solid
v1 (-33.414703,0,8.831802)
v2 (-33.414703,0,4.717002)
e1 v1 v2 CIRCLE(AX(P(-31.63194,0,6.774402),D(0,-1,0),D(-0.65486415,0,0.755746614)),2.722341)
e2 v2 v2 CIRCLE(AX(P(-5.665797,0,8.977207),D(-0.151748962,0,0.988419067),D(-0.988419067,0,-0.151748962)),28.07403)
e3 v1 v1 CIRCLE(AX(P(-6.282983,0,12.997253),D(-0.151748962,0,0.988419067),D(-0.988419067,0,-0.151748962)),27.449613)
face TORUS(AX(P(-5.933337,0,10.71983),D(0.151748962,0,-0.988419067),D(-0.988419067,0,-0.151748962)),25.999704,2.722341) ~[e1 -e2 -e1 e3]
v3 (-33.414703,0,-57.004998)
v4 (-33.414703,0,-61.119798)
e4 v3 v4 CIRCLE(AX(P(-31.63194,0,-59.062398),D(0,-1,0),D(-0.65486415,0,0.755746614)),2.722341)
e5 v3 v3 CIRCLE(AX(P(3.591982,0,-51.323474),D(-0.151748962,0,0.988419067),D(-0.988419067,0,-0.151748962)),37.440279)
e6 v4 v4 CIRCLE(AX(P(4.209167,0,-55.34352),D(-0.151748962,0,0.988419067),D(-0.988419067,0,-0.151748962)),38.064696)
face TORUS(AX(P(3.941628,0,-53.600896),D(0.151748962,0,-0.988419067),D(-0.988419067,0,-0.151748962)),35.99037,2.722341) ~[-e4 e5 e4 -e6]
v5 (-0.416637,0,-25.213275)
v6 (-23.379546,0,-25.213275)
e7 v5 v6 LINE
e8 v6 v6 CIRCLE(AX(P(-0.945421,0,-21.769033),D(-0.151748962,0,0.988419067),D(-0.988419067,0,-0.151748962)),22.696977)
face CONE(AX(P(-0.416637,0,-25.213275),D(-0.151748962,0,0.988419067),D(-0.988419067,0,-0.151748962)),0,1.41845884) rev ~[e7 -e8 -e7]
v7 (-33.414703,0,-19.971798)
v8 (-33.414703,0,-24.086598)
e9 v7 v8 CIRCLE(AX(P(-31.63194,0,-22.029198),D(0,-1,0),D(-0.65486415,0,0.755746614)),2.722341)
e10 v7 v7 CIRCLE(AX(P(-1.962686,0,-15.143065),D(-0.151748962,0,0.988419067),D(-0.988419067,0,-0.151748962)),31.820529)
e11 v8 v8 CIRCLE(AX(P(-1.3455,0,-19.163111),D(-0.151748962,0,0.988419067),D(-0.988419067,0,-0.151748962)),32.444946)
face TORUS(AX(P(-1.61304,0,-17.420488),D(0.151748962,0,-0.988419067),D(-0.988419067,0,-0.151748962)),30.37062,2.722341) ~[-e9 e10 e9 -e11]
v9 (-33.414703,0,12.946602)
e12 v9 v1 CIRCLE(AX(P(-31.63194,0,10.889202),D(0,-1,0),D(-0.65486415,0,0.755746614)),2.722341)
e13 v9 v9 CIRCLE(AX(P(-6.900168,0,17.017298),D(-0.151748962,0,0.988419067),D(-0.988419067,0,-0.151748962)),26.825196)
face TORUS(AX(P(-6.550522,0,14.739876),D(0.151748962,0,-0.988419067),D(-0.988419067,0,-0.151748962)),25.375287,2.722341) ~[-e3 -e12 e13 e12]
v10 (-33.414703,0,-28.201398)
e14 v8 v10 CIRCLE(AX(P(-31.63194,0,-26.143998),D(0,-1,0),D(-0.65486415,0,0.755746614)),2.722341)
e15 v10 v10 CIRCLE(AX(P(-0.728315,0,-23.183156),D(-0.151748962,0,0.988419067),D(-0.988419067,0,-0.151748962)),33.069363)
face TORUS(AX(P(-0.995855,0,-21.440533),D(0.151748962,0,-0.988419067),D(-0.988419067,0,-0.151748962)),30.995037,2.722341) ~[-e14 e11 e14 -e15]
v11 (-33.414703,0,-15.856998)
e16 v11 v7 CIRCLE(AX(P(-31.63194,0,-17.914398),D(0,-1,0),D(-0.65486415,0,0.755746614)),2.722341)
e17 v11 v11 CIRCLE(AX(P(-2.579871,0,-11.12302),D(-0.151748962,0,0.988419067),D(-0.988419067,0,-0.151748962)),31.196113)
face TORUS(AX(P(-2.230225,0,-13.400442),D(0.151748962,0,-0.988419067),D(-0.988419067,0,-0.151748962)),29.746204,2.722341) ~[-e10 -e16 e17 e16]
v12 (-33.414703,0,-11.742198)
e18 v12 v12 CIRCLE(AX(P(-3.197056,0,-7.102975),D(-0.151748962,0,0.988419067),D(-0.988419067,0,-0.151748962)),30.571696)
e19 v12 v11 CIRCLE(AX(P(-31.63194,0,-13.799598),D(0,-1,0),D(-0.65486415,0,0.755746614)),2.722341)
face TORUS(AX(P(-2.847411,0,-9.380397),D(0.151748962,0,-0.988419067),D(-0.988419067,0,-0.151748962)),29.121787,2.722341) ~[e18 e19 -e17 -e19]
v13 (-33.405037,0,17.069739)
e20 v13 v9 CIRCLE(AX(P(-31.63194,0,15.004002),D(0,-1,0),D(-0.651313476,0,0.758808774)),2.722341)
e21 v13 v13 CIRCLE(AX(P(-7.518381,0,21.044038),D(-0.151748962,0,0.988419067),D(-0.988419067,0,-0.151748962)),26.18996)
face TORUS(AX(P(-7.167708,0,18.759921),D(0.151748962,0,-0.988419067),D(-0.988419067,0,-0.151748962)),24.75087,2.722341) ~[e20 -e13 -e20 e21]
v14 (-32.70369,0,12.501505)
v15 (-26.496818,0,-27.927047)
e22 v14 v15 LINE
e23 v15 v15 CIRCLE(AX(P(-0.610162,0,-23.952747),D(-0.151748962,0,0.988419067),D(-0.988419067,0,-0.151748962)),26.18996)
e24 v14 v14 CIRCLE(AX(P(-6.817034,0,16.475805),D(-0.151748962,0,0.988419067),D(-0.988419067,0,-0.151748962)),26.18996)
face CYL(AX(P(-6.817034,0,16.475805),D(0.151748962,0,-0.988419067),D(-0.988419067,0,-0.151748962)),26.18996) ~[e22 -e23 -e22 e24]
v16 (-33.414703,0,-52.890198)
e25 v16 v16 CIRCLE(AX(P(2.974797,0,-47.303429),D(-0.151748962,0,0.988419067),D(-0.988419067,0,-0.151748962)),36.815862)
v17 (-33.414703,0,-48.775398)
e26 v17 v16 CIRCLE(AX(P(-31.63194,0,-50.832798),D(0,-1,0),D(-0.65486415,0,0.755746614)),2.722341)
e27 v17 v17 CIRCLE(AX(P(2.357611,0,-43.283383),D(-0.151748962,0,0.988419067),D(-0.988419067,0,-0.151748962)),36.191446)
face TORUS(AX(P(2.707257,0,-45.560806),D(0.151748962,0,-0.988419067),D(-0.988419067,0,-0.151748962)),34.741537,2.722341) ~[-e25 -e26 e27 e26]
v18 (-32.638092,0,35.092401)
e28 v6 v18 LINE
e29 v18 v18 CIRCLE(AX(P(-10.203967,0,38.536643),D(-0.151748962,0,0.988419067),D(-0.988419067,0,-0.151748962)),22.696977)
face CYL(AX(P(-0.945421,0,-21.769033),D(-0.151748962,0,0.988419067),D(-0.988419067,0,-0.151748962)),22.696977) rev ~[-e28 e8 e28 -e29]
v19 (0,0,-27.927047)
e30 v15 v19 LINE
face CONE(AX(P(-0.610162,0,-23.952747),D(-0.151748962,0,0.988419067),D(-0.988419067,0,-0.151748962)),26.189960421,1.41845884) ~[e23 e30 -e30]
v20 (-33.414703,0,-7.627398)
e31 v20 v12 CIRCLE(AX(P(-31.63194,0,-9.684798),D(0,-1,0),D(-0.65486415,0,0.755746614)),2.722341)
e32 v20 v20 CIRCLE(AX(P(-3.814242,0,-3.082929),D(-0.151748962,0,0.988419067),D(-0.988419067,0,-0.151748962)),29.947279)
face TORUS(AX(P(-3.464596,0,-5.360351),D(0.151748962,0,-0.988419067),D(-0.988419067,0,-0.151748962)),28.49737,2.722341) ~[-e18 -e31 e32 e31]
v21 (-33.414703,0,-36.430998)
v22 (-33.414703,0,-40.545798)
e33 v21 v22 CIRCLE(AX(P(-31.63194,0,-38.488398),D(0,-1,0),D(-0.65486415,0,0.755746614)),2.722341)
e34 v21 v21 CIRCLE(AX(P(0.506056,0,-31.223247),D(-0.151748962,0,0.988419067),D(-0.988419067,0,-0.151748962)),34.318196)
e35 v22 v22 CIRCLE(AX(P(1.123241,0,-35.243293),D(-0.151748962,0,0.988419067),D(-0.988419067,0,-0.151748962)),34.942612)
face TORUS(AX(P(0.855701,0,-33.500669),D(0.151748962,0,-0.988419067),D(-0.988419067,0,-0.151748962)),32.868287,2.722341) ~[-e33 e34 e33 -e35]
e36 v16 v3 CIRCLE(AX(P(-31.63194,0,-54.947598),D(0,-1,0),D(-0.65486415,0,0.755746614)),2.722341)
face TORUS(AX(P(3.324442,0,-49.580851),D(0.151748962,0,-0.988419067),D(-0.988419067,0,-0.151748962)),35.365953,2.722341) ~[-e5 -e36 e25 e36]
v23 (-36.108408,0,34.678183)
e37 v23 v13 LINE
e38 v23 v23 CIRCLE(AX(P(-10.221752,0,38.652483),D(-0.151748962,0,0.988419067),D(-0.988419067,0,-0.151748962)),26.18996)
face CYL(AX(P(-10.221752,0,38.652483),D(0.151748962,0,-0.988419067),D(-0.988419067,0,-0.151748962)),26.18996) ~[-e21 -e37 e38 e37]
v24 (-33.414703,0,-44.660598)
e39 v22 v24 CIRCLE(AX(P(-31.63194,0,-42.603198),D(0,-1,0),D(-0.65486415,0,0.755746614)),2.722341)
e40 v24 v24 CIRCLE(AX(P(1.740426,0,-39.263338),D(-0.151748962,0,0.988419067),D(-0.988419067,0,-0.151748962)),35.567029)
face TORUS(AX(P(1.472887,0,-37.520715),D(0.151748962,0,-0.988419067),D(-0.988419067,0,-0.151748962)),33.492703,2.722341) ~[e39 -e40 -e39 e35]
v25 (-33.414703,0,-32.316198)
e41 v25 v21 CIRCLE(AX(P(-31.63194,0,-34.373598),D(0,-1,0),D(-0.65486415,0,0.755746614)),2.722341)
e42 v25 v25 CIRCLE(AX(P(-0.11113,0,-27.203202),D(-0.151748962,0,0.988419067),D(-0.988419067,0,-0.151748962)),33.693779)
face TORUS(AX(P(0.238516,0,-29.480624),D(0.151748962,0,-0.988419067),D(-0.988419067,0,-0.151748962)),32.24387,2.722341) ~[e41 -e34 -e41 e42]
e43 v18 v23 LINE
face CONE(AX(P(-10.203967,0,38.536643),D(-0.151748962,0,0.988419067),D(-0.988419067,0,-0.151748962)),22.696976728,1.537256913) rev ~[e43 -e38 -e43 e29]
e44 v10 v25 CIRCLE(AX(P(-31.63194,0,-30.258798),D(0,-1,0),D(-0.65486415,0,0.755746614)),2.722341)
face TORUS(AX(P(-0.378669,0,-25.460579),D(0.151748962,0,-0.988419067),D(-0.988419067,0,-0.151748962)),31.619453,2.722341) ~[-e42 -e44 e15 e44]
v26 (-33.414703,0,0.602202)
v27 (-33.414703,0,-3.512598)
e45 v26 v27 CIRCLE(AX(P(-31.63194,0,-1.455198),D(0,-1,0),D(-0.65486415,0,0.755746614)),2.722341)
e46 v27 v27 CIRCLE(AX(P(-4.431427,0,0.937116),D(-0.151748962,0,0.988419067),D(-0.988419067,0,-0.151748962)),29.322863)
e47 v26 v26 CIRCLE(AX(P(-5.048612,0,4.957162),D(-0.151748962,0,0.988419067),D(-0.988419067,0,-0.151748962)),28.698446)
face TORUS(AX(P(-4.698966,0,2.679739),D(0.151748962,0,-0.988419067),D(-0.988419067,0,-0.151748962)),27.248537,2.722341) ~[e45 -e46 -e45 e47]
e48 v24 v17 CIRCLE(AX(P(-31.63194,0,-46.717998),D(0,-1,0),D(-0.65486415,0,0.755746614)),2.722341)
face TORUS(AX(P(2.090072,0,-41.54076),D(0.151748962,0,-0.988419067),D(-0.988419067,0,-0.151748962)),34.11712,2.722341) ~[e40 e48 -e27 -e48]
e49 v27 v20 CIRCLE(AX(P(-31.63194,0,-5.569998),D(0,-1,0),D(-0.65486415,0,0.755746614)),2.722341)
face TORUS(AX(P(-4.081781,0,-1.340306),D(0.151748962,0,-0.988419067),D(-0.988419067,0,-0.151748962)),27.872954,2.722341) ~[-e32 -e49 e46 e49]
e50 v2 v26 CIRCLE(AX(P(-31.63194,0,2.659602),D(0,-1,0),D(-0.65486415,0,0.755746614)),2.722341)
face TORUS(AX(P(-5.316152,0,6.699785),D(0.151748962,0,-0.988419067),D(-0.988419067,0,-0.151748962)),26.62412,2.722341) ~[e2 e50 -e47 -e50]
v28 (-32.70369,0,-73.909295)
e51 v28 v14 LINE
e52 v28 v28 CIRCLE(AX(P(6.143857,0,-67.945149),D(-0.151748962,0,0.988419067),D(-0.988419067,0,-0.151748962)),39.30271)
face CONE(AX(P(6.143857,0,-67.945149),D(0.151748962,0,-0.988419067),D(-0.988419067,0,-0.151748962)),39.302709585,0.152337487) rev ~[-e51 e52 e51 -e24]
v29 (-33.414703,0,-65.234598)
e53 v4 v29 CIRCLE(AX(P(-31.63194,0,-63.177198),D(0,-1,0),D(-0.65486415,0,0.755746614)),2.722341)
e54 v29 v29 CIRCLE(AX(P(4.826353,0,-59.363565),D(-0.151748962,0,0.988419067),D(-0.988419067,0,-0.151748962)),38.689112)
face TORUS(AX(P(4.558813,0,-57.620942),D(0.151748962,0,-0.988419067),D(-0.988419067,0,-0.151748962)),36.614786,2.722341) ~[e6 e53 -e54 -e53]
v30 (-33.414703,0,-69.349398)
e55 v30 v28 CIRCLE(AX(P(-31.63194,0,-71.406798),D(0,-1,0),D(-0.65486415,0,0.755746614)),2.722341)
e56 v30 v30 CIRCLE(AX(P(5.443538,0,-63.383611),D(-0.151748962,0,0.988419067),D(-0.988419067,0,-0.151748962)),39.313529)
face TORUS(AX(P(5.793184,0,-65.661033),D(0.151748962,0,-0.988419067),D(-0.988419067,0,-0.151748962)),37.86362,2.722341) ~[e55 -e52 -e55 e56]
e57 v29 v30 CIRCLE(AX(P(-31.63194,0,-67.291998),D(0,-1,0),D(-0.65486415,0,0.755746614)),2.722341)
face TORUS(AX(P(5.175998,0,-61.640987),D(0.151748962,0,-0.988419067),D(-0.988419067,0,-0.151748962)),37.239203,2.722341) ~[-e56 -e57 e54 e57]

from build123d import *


with BuildPart() as f1:
    # F0 (on Front) → F1 (revolve)
    with BuildSketch(Plane.XZ):
        with BuildLine():
            ThreePointArc((-33.414703477, 12.9466022847), (-33.0764434586, 12.696503602), (-32.7036904204, 12.5015052336))
            Line((-32.7036904204, 12.5015052336), (-33.4050373304, 17.0697385294))
            ThreePointArc((-33.4050373304, 17.0697385294), (-34.3542734731, 15.0103844349), (-33.414703477, 12.9466022847))
        make_face()
        with BuildLine():
            Line((-32.7036904204, 8.3867052336), (-32.7036904204, 12.5015052336))
            ThreePointArc((-32.7036904204, 12.5015052336), (-33.0764434586, 12.696503602), (-33.414703477, 12.9466022847))
            ThreePointArc((-33.414703477, 12.9466022847), (-34.3542809541, 10.8892022847), (-33.414703477, 8.8318022847))
            ThreePointArc((-33.414703477, 8.8318022847), (-33.0764434586, 8.581703602), (-32.7036904204, 8.3867052336))
        make_face()
        with BuildLine():
            Line((-32.7036904204, 4.2719052336), (-32.7036904204, 8.3867052336))
            ThreePointArc((-32.7036904204, 8.3867052336), (-33.0764434586, 8.581703602), (-33.414703477, 8.8318022847))
            ThreePointArc((-33.414703477, 8.8318022847), (-34.3542809541, 6.7744022847), (-33.414703477, 4.7170022847))
            ThreePointArc((-33.414703477, 4.7170022847), (-33.0764434586, 4.466903602), (-32.7036904204, 4.2719052336))
        make_face()
        with BuildLine():
            Line((-32.7036904204, 0.1571052336), (-32.7036904204, 4.2719052336))
            ThreePointArc((-32.7036904204, 4.2719052336), (-33.0764434586, 4.466903602), (-33.414703477, 4.7170022847))
            ThreePointArc((-33.414703477, 4.7170022847), (-34.3542809541, 2.6596022847), (-33.414703477, 0.6022022847))
            ThreePointArc((-33.414703477, 0.6022022847), (-33.0764434586, 0.352103602), (-32.7036904204, 0.1571052336))
        make_face()
        with BuildLine():
            Line((-32.7036904204, -3.9576947664), (-32.7036904204, 0.1571052336))
            ThreePointArc((-32.7036904204, 0.1571052336), (-33.0764434586, 0.352103602), (-33.414703477, 0.6022022847))
            ThreePointArc((-33.414703477, 0.6022022847), (-34.3542809541, -1.4551977153), (-33.414703477, -3.5125977153))
            ThreePointArc((-33.414703477, -3.5125977153), (-33.0764434586, -3.762696398), (-32.7036904204, -3.9576947664))
        make_face()
        with BuildLine():
            Line((-32.7036904204, -8.0724947664), (-32.7036904204, -3.9576947664))
            ThreePointArc((-32.7036904204, -3.9576947664), (-33.0764434586, -3.762696398), (-33.414703477, -3.5125977153))
            ThreePointArc((-33.414703477, -3.5125977153), (-34.3542809541, -5.5699977153), (-33.414703477, -7.6273977153))
            ThreePointArc((-33.414703477, -7.6273977153), (-33.0764434586, -7.877496398), (-32.7036904204, -8.0724947664))
        make_face()
        with BuildLine():
            Line((-32.7036904204, -12.1872947664), (-32.7036904204, -8.0724947664))
            ThreePointArc((-32.7036904204, -8.0724947664), (-33.0764434586, -7.877496398), (-33.414703477, -7.6273977153))
            ThreePointArc((-33.414703477, -7.6273977153), (-34.3542809541, -9.6847977153), (-33.414703477, -11.7421977153))
            ThreePointArc((-33.414703477, -11.7421977153), (-33.0764434586, -11.992296398), (-32.7036904204, -12.1872947664))
        make_face()
        with BuildLine():
            Line((-32.7036904204, -16.3020947664), (-32.7036904204, -12.1872947664))
            ThreePointArc((-32.7036904204, -12.1872947664), (-33.0764434586, -11.992296398), (-33.414703477, -11.7421977153))
            ThreePointArc((-33.414703477, -11.7421977153), (-34.3542809541, -13.7995977153), (-33.414703477, -15.8569977153))
            ThreePointArc((-33.414703477, -15.8569977153), (-33.0764434586, -16.107096398), (-32.7036904204, -16.3020947664))
        make_face()
        with BuildLine():
            Line((-32.7036904204, -20.4168947664), (-32.7036904204, -16.3020947664))
            ThreePointArc((-32.7036904204, -16.3020947664), (-33.0764434586, -16.107096398), (-33.414703477, -15.8569977153))
            ThreePointArc((-33.414703477, -15.8569977153), (-34.3542809541, -17.9143977153), (-33.414703477, -19.9717977153))
            ThreePointArc((-33.414703477, -19.9717977153), (-33.0764434586, -20.221896398), (-32.7036904204, -20.4168947664))
        make_face()
        with BuildLine():
            Line((-32.7036904204, -24.5316947664), (-32.7036904204, -20.4168947664))
            ThreePointArc((-32.7036904204, -20.4168947664), (-33.0764434586, -20.221896398), (-33.414703477, -19.9717977153))
            ThreePointArc((-33.414703477, -19.9717977153), (-34.3542809541, -22.0291977153), (-33.414703477, -24.0865977153))
            ThreePointArc((-33.414703477, -24.0865977153), (-33.0764434586, -24.336696398), (-32.7036904204, -24.5316947664))
        make_face()
        with BuildLine():
            Line((-32.7036904204, -28.6464947664), (-32.7036904204, -24.5316947664))
            ThreePointArc((-32.7036904204, -24.5316947664), (-33.0764434586, -24.336696398), (-33.414703477, -24.0865977153))
            ThreePointArc((-33.414703477, -24.0865977153), (-34.3542809541, -26.1439977153), (-33.414703477, -28.2013977153))
            ThreePointArc((-33.414703477, -28.2013977153), (-33.0764434586, -28.451496398), (-32.7036904204, -28.6464947664))
        make_face()
        Polygon((-32.7036904204, 12.5015052336), (-26.4968182892, -27.9270466417), (0, -27.9270466417), (-0.4166370336, -25.2132752655), (-23.3795456588, -25.2132752655), (-32.6380919797, 35.0924008158), (-36.1084081233, 34.678183496), (-33.4050373304, 17.0697385294), align=None)
        with BuildLine():
            Line((-32.7036904204, -32.7612947664), (-32.7036904204, -28.6464947664))
            ThreePointArc((-32.7036904204, -28.6464947664), (-33.0764434586, -28.451496398), (-33.414703477, -28.2013977153))
            ThreePointArc((-33.414703477, -28.2013977153), (-34.3542809541, -30.2587977153), (-33.414703477, -32.3161977153))
            ThreePointArc((-33.414703477, -32.3161977153), (-33.0764434586, -32.566296398), (-32.7036904204, -32.7612947664))
        make_face()
        with BuildLine():
            Line((-32.7036904204, -36.8760947664), (-32.7036904204, -32.7612947664))
            ThreePointArc((-32.7036904204, -32.7612947664), (-33.0764434586, -32.566296398), (-33.414703477, -32.3161977153))
            ThreePointArc((-33.414703477, -32.3161977153), (-34.3542809541, -34.3735977153), (-33.414703477, -36.4309977153))
            ThreePointArc((-33.414703477, -36.4309977153), (-33.0764434586, -36.681096398), (-32.7036904204, -36.8760947664))
        make_face()
        with BuildLine():
            Line((-32.7036904204, -40.9908947664), (-32.7036904204, -36.8760947664))
            ThreePointArc((-32.7036904204, -36.8760947664), (-33.0764434586, -36.681096398), (-33.414703477, -36.4309977153))
            ThreePointArc((-33.414703477, -36.4309977153), (-34.3542809541, -38.4883977153), (-33.414703477, -40.5457977153))
            ThreePointArc((-33.414703477, -40.5457977153), (-33.0764434586, -40.795896398), (-32.7036904204, -40.9908947664))
        make_face()
        with BuildLine():
            Line((-32.7036904204, -45.1056947664), (-32.7036904204, -40.9908947664))
            ThreePointArc((-32.7036904204, -40.9908947664), (-33.0764434586, -40.795896398), (-33.414703477, -40.5457977153))
            ThreePointArc((-33.414703477, -40.5457977153), (-34.3542809541, -42.6031977153), (-33.414703477, -44.6605977153))
            ThreePointArc((-33.414703477, -44.6605977153), (-33.0764434586, -44.910696398), (-32.7036904204, -45.1056947664))
        make_face()
        with BuildLine():
            Line((-32.7036904204, -49.2204947664), (-32.7036904204, -45.1056947664))
            ThreePointArc((-32.7036904204, -45.1056947664), (-33.0764434586, -44.910696398), (-33.414703477, -44.6605977153))
            ThreePointArc((-33.414703477, -44.6605977153), (-34.3542809541, -46.7179977153), (-33.414703477, -48.7753977153))
            ThreePointArc((-33.414703477, -48.7753977153), (-33.0764434586, -49.025496398), (-32.7036904204, -49.2204947664))
        make_face()
        with BuildLine():
            Line((-32.7036904204, -53.3352947664), (-32.7036904204, -49.2204947664))
            ThreePointArc((-32.7036904204, -49.2204947664), (-33.0764434586, -49.025496398), (-33.414703477, -48.7753977153))
            ThreePointArc((-33.414703477, -48.7753977153), (-34.3542809541, -50.8327977153), (-33.414703477, -52.8901977153))
            ThreePointArc((-33.414703477, -52.8901977153), (-33.0764434586, -53.140296398), (-32.7036904204, -53.3352947664))
        make_face()
        with BuildLine():
            Line((-32.7036904204, -57.4500947664), (-32.7036904204, -53.3352947664))
            ThreePointArc((-32.7036904204, -53.3352947664), (-33.0764434586, -53.140296398), (-33.414703477, -52.8901977153))
            ThreePointArc((-33.414703477, -52.8901977153), (-34.3542809541, -54.9475977153), (-33.414703477, -57.0049977153))
            ThreePointArc((-33.414703477, -57.0049977153), (-33.0764434586, -57.255096398), (-32.7036904204, -57.4500947664))
        make_face()
        with BuildLine():
            Line((-32.7036904204, -61.5648947664), (-32.7036904204, -57.4500947664))
            ThreePointArc((-32.7036904204, -57.4500947664), (-33.0764434586, -57.255096398), (-33.414703477, -57.0049977153))
            ThreePointArc((-33.414703477, -57.0049977153), (-34.3542809541, -59.0623977153), (-33.414703477, -61.1197977153))
            ThreePointArc((-33.414703477, -61.1197977153), (-33.0764434586, -61.369896398), (-32.7036904204, -61.5648947664))
        make_face()
        with BuildLine():
            Line((-32.7036904204, -65.6796947664), (-32.7036904204, -61.5648947664))
            ThreePointArc((-32.7036904204, -61.5648947664), (-33.0764434586, -61.369896398), (-33.414703477, -61.1197977153))
            ThreePointArc((-33.414703477, -61.1197977153), (-34.3542809541, -63.1771977153), (-33.414703477, -65.2345977153))
            ThreePointArc((-33.414703477, -65.2345977153), (-33.0764434586, -65.484696398), (-32.7036904204, -65.6796947664))
        make_face()
        with BuildLine():
            Line((-32.7036904204, -69.7944947664), (-32.7036904204, -65.6796947664))
            ThreePointArc((-32.7036904204, -65.6796947664), (-33.0764434586, -65.484696398), (-33.414703477, -65.2345977153))
            ThreePointArc((-33.414703477, -65.2345977153), (-34.3542809541, -67.2919977153), (-33.414703477, -69.3493977153))
            ThreePointArc((-33.414703477, -69.3493977153), (-33.0764434586, -69.599496398), (-32.7036904204, -69.7944947664))
        make_face()
        with BuildLine():
            Line((-32.7036904204, -73.9092947664), (-32.7036904204, -69.7944947664))
            ThreePointArc((-32.7036904204, -69.7944947664), (-33.0764434586, -69.599496398), (-33.414703477, -69.3493977153))
            ThreePointArc((-33.414703477, -69.3493977153), (-34.3217778271, -71.8262172402), (-32.7036904204, -73.9092947664))
        make_face()
    revolve(axis=Axis((-0.2083185168, 0, -26.5701609536), (-0.1517489615, 0, 0.9884190673)))


solid = f1.part
